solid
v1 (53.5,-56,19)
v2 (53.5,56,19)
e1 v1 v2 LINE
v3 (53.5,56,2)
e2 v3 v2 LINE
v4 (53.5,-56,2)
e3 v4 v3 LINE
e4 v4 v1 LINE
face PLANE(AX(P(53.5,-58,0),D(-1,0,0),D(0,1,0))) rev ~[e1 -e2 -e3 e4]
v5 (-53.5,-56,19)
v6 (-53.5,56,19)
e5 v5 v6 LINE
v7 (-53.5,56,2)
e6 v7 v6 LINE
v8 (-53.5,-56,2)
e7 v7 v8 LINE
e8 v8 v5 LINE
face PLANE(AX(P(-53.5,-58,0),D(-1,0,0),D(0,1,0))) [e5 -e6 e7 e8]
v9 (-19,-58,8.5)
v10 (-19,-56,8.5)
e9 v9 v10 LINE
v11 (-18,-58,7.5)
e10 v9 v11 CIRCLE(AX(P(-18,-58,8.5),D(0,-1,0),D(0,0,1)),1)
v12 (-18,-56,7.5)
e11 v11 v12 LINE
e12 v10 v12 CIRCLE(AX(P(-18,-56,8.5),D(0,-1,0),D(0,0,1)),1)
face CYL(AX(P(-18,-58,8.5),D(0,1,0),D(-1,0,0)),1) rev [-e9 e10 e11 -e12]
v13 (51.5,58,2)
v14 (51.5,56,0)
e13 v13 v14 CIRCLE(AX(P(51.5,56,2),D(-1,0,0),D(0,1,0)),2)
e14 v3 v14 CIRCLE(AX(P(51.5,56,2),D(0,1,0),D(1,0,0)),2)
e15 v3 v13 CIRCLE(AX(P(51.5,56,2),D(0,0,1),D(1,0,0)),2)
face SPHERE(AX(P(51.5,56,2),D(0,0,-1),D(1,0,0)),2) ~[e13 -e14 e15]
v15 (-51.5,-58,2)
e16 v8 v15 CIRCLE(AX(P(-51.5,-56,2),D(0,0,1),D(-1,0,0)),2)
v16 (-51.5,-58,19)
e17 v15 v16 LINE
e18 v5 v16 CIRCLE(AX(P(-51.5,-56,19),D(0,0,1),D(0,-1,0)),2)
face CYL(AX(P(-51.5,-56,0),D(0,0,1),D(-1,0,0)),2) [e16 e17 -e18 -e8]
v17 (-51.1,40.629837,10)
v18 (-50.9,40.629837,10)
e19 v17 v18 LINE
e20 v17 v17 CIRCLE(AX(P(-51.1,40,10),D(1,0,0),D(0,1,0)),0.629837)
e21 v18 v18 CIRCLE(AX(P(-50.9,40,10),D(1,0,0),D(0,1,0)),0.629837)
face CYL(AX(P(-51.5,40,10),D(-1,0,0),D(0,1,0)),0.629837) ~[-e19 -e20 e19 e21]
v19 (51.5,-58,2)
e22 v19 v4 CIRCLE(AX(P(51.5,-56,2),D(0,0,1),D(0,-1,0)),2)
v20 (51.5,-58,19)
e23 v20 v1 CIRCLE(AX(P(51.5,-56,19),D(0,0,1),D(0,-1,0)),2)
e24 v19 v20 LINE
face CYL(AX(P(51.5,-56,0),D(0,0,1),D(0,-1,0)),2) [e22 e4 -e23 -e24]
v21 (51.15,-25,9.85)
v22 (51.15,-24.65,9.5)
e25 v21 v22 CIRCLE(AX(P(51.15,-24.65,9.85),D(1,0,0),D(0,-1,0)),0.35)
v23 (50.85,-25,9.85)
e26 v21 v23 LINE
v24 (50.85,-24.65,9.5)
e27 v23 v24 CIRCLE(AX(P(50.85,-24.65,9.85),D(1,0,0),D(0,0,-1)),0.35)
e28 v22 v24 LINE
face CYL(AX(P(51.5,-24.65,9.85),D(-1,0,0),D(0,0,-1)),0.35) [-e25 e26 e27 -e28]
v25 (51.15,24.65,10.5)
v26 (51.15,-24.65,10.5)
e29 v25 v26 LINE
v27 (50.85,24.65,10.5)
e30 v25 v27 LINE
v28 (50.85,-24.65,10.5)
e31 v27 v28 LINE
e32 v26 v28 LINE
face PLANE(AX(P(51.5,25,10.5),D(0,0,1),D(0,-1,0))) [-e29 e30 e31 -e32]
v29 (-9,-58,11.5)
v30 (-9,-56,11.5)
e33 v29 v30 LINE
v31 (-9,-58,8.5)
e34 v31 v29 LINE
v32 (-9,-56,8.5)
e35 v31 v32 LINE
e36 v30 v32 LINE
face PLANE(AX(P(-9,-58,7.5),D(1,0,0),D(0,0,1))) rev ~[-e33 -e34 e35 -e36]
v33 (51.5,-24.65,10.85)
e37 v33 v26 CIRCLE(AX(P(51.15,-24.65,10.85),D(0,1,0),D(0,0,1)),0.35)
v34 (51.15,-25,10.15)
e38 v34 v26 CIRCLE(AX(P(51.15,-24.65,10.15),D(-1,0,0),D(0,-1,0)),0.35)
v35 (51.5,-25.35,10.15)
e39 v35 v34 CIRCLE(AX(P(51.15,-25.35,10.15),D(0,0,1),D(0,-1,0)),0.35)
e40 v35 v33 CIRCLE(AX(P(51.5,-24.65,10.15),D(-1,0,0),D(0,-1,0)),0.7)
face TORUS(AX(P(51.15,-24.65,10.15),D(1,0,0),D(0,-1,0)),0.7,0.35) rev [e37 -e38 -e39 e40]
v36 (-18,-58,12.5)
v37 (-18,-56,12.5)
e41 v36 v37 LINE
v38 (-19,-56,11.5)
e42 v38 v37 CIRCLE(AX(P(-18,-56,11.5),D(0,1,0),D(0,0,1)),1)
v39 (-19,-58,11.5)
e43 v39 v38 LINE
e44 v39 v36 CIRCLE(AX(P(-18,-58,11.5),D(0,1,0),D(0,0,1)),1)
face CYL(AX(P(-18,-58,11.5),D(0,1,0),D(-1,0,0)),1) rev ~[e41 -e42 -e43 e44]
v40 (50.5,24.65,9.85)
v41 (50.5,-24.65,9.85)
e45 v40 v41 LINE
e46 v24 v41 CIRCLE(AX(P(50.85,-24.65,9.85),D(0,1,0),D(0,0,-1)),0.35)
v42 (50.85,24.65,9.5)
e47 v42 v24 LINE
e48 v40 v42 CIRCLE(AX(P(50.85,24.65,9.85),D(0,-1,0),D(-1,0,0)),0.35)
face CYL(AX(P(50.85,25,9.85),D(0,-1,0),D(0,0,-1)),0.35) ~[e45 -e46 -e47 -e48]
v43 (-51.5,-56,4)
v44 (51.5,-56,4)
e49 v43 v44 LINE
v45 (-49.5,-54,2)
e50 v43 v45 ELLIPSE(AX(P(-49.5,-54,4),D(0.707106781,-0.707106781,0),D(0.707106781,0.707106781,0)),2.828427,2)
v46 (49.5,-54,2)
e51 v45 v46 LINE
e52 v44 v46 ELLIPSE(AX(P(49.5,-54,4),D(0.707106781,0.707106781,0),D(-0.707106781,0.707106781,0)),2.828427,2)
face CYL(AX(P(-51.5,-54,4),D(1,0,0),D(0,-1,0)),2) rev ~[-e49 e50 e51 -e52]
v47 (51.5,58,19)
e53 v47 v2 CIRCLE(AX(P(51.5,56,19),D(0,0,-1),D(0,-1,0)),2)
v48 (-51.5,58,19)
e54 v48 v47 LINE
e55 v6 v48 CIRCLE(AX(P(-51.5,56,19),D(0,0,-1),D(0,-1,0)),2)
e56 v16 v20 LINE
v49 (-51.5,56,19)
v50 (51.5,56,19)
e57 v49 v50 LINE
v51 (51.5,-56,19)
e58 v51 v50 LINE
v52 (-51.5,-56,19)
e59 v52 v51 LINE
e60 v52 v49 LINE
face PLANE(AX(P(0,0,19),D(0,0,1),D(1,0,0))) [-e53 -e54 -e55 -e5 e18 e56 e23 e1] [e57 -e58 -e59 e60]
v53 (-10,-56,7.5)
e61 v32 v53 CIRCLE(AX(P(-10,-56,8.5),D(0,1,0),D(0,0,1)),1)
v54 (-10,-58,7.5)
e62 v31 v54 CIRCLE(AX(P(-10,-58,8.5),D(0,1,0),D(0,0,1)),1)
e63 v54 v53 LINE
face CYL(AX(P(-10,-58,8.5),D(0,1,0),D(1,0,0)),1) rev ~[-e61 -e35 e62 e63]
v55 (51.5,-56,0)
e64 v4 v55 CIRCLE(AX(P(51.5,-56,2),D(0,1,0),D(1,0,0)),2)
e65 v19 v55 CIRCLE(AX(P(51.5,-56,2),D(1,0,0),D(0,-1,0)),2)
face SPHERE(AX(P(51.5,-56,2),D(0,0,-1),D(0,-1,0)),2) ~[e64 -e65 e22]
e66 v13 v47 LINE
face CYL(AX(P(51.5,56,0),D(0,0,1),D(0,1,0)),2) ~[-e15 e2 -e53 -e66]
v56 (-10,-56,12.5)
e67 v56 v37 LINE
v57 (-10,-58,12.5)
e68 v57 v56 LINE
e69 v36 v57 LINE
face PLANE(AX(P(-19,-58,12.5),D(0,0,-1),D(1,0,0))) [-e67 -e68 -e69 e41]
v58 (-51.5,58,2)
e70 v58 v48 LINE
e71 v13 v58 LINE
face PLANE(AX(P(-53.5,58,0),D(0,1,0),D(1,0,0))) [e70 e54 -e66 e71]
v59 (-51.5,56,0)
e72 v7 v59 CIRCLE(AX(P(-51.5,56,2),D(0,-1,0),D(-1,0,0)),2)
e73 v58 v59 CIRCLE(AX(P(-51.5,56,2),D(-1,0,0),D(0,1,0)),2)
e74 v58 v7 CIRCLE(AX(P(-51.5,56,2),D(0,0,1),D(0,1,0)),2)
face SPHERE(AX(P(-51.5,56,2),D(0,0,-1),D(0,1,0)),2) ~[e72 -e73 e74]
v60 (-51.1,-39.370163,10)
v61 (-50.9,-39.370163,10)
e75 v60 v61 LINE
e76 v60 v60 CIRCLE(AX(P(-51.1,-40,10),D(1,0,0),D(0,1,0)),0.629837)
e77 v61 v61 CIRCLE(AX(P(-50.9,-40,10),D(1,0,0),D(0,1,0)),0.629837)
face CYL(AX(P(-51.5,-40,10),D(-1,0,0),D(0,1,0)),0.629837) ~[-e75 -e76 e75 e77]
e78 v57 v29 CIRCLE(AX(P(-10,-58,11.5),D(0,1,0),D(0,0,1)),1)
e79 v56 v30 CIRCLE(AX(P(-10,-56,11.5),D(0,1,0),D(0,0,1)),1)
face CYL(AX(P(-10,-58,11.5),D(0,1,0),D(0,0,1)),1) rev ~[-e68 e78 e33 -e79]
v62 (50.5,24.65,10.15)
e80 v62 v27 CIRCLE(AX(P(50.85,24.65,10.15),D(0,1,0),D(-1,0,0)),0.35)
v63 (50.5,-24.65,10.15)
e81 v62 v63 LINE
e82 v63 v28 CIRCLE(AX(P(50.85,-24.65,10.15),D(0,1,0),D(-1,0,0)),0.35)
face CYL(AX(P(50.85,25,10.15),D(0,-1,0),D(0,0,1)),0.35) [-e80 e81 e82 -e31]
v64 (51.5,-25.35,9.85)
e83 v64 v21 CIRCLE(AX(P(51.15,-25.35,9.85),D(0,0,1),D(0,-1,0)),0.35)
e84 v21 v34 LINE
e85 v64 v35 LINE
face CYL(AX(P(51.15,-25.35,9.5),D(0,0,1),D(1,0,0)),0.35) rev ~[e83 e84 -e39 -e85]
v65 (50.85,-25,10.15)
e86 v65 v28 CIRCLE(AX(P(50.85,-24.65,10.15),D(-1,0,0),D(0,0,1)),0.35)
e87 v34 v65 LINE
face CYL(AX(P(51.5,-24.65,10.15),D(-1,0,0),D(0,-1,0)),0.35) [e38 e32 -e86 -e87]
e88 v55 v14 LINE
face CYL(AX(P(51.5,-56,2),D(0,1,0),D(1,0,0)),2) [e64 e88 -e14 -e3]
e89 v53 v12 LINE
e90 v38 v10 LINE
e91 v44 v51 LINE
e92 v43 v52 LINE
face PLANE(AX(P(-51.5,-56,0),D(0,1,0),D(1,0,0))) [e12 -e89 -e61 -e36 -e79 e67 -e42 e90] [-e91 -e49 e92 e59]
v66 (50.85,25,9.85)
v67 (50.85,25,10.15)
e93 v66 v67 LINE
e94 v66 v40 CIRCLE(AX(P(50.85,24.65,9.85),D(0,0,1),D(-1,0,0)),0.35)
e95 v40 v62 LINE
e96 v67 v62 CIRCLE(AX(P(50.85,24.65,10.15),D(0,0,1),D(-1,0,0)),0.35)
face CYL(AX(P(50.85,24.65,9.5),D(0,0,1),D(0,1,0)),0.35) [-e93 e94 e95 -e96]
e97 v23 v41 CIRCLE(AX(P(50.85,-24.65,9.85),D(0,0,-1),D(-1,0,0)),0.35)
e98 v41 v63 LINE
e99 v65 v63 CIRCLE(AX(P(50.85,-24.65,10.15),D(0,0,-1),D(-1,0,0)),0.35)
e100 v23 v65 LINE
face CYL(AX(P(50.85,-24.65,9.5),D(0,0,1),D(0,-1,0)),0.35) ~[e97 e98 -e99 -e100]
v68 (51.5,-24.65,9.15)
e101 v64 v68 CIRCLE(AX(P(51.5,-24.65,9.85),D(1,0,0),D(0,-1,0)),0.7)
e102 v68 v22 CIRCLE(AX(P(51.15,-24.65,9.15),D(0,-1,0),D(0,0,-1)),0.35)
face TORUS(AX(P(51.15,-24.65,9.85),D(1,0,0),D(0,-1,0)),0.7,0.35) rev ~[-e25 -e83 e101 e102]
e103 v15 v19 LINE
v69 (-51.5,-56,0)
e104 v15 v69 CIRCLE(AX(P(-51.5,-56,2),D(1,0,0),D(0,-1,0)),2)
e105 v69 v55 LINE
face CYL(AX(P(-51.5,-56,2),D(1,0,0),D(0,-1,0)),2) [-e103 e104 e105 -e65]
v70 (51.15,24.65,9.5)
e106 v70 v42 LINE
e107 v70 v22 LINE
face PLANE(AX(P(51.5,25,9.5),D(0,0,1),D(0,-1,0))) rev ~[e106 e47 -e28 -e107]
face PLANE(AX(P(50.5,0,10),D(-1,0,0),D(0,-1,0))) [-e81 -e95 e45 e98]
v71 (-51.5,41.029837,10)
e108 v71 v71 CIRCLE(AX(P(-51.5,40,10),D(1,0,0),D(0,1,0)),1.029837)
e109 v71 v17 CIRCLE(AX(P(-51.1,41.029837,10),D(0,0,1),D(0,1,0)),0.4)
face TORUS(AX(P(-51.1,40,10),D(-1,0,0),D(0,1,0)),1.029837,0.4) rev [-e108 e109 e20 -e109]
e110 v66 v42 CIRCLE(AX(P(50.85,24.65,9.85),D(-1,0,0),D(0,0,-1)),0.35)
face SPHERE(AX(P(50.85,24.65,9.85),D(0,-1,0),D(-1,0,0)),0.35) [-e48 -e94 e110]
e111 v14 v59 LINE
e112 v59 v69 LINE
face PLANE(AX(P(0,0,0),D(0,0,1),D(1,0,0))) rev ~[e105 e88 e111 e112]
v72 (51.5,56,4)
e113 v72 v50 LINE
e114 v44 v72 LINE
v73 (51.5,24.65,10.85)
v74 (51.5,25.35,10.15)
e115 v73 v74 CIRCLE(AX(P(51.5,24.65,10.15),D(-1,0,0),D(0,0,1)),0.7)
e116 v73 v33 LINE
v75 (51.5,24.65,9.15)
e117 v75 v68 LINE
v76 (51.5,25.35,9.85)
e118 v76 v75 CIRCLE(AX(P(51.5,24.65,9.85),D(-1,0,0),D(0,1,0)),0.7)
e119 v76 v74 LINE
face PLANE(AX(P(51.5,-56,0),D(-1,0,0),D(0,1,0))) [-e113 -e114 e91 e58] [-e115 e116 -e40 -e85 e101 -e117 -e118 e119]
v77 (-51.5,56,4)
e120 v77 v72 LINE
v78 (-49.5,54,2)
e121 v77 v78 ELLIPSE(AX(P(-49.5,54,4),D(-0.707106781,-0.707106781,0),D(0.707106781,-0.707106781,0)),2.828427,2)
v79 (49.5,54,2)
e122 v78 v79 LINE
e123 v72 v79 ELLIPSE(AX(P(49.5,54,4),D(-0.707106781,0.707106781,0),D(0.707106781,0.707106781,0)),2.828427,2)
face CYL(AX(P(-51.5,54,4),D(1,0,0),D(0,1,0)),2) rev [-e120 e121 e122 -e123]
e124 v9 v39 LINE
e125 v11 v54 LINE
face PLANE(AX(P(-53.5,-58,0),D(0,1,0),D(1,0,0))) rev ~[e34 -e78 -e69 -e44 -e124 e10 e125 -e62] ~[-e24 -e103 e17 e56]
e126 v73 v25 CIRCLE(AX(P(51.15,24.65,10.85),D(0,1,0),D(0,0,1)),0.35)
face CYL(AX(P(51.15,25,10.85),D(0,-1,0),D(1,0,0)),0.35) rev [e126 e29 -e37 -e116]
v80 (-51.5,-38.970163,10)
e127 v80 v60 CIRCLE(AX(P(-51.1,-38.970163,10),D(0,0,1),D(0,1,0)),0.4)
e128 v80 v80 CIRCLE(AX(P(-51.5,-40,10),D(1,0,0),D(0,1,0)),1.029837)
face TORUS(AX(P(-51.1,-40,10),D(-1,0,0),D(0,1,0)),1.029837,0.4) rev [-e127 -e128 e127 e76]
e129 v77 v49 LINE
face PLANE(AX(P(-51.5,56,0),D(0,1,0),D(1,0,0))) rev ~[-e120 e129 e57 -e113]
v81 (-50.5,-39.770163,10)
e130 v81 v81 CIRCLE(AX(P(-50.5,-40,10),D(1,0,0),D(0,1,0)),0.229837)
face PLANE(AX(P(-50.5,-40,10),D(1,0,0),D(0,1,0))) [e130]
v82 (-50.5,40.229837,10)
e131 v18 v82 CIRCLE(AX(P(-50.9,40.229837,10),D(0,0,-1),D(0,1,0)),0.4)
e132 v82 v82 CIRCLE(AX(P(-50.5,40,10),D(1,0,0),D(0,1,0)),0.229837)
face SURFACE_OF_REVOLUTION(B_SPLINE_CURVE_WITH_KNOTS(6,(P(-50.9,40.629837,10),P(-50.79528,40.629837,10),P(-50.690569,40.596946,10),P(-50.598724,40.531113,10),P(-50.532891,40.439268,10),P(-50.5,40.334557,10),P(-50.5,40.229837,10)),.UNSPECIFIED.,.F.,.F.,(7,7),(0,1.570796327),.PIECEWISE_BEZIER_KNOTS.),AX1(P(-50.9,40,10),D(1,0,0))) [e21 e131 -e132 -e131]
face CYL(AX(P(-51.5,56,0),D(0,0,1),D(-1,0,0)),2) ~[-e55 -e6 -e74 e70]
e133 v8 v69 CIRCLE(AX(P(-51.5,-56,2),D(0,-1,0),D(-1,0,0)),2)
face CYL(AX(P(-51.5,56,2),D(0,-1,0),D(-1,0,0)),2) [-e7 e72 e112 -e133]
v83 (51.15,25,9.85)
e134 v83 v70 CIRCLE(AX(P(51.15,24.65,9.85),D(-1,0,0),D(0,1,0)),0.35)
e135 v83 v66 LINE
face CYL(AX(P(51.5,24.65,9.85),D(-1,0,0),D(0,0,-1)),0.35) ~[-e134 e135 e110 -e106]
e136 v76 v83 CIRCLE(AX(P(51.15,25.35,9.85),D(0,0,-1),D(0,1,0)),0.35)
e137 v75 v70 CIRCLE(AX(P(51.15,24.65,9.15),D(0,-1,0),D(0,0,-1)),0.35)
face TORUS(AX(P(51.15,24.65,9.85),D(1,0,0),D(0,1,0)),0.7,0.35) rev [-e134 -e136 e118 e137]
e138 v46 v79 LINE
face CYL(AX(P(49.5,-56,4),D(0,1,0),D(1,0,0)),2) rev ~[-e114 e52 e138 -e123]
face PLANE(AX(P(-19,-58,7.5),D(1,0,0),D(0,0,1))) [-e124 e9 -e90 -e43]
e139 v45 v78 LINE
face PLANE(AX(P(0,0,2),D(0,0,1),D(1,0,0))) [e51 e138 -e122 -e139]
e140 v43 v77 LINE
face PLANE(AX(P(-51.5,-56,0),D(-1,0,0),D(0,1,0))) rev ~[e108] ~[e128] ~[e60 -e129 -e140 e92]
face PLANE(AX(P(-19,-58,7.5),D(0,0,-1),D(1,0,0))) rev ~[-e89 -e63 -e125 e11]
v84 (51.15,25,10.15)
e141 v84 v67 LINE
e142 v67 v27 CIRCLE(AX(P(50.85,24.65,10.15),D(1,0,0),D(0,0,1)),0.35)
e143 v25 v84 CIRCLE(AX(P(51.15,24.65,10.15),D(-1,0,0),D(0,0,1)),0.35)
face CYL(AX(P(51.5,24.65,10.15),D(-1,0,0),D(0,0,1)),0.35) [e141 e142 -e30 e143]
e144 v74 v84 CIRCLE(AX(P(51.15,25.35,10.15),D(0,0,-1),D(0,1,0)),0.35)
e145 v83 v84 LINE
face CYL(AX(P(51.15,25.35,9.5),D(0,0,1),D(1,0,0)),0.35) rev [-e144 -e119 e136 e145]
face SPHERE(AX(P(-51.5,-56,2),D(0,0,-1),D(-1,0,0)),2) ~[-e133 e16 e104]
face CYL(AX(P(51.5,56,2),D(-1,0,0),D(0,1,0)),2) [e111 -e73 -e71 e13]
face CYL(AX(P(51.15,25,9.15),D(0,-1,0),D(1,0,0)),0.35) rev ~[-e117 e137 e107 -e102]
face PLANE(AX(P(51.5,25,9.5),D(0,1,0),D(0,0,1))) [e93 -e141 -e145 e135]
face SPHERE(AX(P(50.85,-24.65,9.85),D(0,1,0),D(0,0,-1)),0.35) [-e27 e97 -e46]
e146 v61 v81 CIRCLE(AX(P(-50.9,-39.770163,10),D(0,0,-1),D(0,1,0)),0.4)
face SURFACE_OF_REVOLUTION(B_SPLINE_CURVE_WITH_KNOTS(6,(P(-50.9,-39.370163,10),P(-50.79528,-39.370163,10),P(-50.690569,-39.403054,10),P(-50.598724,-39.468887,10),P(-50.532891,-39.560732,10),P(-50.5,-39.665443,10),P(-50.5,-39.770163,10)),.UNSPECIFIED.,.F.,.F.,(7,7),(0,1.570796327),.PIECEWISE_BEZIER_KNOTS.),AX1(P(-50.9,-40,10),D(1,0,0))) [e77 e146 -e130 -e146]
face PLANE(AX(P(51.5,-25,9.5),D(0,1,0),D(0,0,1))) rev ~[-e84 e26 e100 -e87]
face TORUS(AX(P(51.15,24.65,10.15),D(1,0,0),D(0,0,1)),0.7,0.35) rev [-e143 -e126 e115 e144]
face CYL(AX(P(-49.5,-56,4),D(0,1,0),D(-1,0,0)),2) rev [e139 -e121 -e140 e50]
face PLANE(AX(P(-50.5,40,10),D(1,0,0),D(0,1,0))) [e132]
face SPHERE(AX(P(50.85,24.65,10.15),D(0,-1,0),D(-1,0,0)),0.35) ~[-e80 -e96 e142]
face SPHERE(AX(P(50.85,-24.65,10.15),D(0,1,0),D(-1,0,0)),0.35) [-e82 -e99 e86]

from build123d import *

# Parameters (mm, degrees)
SKETCH_W     = 107
SKETCH_H     = 116
SKETCH_W_2   = 103
SKETCH_H_2   = 112
PAD_DEPTH    = 19
SKETCH001_W  = 103
SKETCH001_H  = 112
PAD001_DEPTH = 2
FILLET_R     = 2
SKETCH002_W  = 10
SKETCH002_H  = 5
POCKET_DEPTH = 5
FILLET001_R  = 1
SKETCH003_W  = 50
SKETCH003_H  = 1
PAD002_DEPTH = 1
FILLET002_R  = 0.35
SKETCH004_R  = 0.629837
PAD003_DEPTH = 1
FILLET003_R  = 0.4
FILLET004_R  = 2
FILLET005_R  = 2


with BuildPart() as part:
    # Sketch (on XY_Plane of Origin) → Pad (new body)
    with BuildSketch(Plane.XY):
        Rectangle(SKETCH_W, SKETCH_H)
        Rectangle(SKETCH_W_2, SKETCH_H_2, mode=Mode.SUBTRACT)
    extrude(amount=PAD_DEPTH)

    # Sketch001 (on XY_Plane of Origin) → Pad001 (join)
    with BuildSketch(Plane.XY):
        Rectangle(SKETCH001_W, SKETCH001_H)
    extrude(amount=PAD001_DEPTH)

    # Fillet
    fillet_edges = [part.edges().sort_by_distance(p)[0] for p in [
        (-53.5, 58, 9.5),
        (53.5, 58, 9.5),
        (53.5, -58, 9.5),
        (-53.5, -58, 9.5),
    ]]
    fillet(fillet_edges, radius=FILLET_R)

    # Sketch002 (on Face7 of Fillet) → Pocket (cut)
    with BuildSketch(Plane.XZ.offset(58)):
        with Locations((-14, 10)):
            Rectangle(SKETCH002_W, SKETCH002_H)
    extrude(amount=-POCKET_DEPTH, mode=Mode.SUBTRACT)

    # Fillet001
    fillet001_edges = [part.edges().sort_by_distance(p)[0] for p in [
        (-9, -57, 7.5),
        (-9, -57, 12.5),
        (-19, -57, 12.5),
        (-19, -57, 7.5),
    ]]
    fillet(fillet001_edges, radius=FILLET001_R)

    # Sketch003 (on Face21 of Fillet001) → Pad002 (join)
    with BuildSketch(Plane(origin=(51.5, 0, 0), x_dir=(0, -1, 0), z_dir=(-1, 0, 0))):
        with Locations((0, 10)):
            Rectangle(SKETCH003_W, SKETCH003_H)
    extrude(amount=PAD002_DEPTH)

    # Fillet002
    fillet002_edges = [part.edges().sort_by_distance(p)[0] for p in [
        (50.5, 0, 10.5),
        (50.5, 0, 9.5),
        (50.5, 25, 10),
        (51, 25, 9.5),
        (51, 25, 10.5),
        (51, -25, 9.5),
        (50.5, -25, 10),
        (51, -25, 10.5),
        (51.5, -25, 10),
        (51.5, 0, 10.5),
        (51.5, 25, 10),
        (51.5, 0, 9.5),
    ]]
    fillet(fillet002_edges, radius=FILLET002_R)

    # Sketch004 (on Face22 of Fillet002) → Pad003 (join)
    with BuildSketch(Plane.YZ.offset(-51.5)):
        with Locations((-40, 10)):
            Circle(SKETCH004_R)
        with Locations((40, 10)):
            Circle(SKETCH004_R)
    extrude(amount=PAD003_DEPTH)

    # Fillet003
    fillet003_edges = [part.edges().sort_by_distance(p)[0] for p in [
        (-51.5, -40.629837, 10),
        (-50.5, -40.629837, 10),
        (-51.5, 39.370163, 10),
        (-50.5, 39.370163, 10),
    ]]
    fillet(fillet003_edges, radius=FILLET003_R)

    # Fillet004
    fillet004_edges = [part.edges().sort_by_distance(p)[0] for p in [
        (0, -58, 0),
        (52.914214, -57.414214, 0),
        (53.5, 0, 0),
        (-52.914214, -57.414214, 0),
        (-53.5, 0, 0),
        (-52.914214, 57.414214, 0),
        (0, 58, 0),
        (52.914214, 57.414214, 0),
    ]]
    fillet(fillet004_edges, radius=FILLET004_R)

    # Fillet005
    fillet005_edges = [part.edges().sort_by_distance(p)[0] for p in [
        (0, 56, 2),
        (-51.5, 0, 2),
        (51.5, 0, 2),
        (0, -56, 2),
    ]]
    fillet(fillet005_edges, radius=FILLET005_R)


solid = part.part
